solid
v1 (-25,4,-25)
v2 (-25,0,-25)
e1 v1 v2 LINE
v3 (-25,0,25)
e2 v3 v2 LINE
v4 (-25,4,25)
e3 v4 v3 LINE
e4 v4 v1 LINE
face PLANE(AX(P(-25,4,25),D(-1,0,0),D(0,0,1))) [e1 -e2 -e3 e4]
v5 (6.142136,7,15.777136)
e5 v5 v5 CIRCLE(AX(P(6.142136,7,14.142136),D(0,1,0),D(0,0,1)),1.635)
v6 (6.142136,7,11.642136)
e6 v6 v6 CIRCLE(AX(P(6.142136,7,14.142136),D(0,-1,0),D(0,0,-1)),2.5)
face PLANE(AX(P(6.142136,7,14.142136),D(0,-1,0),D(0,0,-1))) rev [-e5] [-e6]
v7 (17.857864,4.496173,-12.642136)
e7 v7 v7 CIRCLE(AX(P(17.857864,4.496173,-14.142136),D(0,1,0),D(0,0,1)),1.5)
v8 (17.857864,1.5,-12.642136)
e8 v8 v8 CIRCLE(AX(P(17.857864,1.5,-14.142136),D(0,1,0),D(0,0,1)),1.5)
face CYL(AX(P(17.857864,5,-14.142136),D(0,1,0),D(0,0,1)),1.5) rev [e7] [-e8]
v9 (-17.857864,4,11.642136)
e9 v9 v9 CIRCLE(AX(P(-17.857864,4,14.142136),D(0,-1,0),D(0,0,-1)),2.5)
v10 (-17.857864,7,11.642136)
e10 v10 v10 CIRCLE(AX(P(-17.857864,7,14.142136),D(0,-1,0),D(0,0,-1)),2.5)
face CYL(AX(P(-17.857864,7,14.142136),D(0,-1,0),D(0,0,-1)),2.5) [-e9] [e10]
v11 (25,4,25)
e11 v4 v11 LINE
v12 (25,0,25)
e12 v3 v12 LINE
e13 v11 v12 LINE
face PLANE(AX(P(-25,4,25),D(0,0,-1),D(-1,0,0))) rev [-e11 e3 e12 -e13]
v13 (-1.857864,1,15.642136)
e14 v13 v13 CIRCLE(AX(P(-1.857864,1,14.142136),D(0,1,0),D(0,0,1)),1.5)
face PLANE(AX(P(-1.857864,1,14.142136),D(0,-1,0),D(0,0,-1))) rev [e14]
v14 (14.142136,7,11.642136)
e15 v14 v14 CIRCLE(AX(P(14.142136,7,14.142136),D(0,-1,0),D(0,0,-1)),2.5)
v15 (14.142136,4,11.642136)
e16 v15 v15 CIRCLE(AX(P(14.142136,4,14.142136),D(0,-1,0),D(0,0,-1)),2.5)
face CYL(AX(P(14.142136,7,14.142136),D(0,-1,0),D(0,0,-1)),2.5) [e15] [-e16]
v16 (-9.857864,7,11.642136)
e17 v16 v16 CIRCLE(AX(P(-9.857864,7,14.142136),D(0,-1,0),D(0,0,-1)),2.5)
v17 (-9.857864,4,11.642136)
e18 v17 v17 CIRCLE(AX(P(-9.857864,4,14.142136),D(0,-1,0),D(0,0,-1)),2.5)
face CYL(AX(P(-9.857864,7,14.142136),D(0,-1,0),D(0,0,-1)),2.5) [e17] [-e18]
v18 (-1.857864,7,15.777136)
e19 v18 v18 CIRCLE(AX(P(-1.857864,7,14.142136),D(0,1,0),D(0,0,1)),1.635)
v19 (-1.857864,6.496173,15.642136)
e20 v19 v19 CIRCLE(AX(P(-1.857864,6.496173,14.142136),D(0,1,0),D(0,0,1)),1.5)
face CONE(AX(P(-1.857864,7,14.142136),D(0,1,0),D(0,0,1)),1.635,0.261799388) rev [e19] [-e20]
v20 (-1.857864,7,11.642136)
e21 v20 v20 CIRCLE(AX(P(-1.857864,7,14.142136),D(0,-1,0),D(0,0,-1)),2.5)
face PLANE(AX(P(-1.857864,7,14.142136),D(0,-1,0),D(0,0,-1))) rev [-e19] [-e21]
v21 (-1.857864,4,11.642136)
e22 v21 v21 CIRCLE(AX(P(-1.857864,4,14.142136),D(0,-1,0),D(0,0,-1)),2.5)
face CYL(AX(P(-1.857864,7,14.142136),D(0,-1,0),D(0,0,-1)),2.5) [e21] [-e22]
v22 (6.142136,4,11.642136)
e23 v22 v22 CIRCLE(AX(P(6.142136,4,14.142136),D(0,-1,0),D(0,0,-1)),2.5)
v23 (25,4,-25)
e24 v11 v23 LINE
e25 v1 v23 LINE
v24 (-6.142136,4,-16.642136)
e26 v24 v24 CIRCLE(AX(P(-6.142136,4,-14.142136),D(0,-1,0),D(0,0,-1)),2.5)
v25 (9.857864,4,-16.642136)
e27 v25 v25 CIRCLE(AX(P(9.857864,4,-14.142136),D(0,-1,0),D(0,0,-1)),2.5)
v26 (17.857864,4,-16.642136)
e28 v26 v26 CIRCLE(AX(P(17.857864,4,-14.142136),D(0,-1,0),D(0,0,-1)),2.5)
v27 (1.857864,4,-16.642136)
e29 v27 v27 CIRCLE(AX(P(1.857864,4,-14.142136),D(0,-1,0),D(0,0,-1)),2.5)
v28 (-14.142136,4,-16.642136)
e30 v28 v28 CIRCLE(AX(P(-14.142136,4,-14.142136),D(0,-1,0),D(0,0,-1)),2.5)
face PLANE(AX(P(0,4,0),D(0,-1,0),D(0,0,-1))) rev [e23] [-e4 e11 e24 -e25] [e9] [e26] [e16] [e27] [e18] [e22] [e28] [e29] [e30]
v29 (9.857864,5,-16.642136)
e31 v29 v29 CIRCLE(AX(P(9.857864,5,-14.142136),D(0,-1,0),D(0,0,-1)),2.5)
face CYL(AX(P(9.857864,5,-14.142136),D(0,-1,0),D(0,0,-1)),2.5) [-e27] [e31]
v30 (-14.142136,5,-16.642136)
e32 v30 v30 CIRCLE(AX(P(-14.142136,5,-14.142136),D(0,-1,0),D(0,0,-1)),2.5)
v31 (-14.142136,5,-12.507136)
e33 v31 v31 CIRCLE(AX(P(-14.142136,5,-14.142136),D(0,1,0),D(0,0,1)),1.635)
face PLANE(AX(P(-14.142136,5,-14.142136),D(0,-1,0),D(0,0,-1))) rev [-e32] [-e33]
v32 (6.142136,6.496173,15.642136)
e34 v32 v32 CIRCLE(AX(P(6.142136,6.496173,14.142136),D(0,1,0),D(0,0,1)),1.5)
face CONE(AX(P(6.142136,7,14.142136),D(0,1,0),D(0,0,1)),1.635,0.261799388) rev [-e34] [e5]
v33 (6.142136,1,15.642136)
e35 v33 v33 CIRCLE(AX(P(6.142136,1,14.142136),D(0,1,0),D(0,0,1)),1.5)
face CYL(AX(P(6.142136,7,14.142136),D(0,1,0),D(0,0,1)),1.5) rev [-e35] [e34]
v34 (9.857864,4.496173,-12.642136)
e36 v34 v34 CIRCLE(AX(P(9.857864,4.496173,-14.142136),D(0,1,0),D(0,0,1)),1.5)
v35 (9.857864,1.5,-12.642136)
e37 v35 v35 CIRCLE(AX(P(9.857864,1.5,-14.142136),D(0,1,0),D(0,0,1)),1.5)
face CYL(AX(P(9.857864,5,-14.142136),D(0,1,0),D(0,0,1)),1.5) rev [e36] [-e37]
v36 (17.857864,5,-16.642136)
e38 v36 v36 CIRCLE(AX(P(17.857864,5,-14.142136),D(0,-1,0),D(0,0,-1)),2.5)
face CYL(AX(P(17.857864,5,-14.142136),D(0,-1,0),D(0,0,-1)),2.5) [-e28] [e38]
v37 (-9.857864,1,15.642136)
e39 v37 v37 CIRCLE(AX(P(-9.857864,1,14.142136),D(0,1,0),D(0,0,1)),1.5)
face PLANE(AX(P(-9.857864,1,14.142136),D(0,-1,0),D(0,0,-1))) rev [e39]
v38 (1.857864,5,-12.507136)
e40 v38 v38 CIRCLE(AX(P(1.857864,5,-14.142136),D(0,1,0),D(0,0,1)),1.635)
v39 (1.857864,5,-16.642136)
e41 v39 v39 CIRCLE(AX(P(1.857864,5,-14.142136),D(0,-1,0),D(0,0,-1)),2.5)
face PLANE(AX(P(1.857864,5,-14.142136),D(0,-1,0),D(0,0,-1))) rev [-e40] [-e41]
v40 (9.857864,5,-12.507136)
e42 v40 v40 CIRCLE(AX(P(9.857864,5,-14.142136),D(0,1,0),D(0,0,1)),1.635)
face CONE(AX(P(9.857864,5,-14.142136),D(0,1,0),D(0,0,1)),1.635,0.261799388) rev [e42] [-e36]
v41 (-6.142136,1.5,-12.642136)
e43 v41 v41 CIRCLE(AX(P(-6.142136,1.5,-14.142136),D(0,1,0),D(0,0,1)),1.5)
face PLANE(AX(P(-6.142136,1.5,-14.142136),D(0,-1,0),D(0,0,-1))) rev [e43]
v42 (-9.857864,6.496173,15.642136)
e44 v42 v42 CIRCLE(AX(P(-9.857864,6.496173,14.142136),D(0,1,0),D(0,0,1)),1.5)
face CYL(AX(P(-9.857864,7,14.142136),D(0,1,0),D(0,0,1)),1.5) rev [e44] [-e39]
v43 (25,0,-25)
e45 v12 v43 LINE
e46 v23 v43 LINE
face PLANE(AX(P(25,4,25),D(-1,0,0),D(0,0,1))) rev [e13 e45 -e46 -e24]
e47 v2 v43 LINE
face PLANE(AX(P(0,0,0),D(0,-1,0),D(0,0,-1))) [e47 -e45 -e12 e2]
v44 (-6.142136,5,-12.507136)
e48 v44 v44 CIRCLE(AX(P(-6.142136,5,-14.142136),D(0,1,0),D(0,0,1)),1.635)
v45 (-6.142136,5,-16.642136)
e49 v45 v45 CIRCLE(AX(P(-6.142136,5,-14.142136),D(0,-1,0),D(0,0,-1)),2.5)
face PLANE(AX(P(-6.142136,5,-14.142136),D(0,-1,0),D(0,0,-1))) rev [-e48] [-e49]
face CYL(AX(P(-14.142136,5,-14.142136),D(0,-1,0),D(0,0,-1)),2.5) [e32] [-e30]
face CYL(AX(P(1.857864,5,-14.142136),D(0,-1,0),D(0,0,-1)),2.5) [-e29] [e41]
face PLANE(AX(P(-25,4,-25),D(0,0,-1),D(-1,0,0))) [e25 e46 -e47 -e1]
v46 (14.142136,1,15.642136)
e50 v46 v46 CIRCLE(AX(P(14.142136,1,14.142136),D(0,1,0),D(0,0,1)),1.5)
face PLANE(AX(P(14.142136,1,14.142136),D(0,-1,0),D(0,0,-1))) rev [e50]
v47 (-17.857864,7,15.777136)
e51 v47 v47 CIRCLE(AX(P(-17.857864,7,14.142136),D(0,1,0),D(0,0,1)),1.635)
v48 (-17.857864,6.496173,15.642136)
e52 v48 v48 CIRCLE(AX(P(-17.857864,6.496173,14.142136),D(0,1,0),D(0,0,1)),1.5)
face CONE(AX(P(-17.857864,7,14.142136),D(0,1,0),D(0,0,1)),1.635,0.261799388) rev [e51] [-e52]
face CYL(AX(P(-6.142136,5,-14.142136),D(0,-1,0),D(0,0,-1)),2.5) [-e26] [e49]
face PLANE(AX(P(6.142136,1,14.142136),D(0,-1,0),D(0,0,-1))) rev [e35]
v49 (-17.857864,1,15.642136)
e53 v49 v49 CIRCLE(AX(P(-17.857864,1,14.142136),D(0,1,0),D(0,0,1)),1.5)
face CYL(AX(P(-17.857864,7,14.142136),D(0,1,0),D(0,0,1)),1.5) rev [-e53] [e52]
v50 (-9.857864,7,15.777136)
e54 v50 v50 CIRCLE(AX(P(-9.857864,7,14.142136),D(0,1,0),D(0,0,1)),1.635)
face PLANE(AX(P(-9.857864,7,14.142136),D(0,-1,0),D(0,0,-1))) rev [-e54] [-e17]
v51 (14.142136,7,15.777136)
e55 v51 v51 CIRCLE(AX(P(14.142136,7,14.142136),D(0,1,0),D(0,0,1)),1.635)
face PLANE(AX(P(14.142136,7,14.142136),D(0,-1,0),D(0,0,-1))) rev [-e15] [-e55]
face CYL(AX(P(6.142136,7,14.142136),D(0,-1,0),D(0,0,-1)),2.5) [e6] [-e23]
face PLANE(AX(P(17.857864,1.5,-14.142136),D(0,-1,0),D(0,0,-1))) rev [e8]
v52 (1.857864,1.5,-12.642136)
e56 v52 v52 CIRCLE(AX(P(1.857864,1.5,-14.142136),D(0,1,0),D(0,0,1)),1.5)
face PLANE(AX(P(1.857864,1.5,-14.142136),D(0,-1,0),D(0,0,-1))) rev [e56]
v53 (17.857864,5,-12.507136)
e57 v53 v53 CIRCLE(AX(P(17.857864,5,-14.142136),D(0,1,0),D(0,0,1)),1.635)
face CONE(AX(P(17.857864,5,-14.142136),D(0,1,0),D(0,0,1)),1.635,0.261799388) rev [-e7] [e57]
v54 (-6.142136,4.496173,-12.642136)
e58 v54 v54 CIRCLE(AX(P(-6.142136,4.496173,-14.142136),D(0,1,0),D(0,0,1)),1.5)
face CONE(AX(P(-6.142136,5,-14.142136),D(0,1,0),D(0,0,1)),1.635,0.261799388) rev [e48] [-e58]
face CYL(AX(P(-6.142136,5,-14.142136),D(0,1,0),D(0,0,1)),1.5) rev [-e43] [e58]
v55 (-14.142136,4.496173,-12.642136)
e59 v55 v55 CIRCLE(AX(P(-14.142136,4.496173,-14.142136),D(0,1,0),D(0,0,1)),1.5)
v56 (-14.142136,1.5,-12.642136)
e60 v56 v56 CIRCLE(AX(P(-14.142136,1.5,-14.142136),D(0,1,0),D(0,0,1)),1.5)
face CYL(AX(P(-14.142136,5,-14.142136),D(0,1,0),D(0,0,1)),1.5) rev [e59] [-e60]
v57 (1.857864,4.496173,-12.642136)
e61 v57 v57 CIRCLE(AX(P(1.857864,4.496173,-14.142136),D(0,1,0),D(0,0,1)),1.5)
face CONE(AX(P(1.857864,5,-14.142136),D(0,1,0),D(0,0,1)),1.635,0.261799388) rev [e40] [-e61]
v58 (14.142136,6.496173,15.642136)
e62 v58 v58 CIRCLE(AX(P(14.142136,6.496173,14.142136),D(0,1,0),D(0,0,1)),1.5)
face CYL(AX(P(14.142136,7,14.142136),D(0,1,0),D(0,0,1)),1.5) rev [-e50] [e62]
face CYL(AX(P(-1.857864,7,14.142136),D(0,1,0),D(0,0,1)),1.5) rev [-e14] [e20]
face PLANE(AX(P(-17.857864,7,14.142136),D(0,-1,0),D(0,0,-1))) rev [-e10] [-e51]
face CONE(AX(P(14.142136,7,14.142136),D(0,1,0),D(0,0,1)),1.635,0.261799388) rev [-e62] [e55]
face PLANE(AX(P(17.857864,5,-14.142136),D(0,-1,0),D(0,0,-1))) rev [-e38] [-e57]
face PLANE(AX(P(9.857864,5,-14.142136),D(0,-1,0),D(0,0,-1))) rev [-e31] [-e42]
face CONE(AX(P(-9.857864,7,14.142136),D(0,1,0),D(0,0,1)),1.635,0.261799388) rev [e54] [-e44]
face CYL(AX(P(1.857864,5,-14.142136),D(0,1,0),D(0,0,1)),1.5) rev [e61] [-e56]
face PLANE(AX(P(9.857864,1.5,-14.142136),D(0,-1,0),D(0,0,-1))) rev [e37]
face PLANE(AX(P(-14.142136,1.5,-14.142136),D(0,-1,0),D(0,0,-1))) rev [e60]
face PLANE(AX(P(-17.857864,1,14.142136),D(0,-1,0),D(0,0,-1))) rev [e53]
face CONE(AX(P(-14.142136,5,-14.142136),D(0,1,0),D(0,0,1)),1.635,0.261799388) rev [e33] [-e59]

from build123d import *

# Parameters (mm, degrees)
SKETCH1_W                                      = 50
SKETCH1_H                                      = 50
BOSS_EXTRUDE2_DEPTH                            = 4
BOSS_EXTRUDE3_START                            = 4
SKETCH1_4_R                                    = 2.5
BOSS_EXTRUDE3_DEPTH                            = 1
BOSS_EXTRUDE4_START                            = 4
SKETCH1_5_R                                    = 2.5
BOSS_EXTRUDE4_DEPTH                            = 3
CSK_FOR_M2_FLAT_HEAD_MACHINE_SCREW1_AT_2_COUNT = 2
CSK_FOR_M2_FLAT_HEAD_MACHINE_SCREW1_AT_2_PITCH = 8
CSK_FOR_M2_FLAT_HEAD_MACHINE_SCREW1_AT_3_COUNT = 2
CSK_FOR_M2_FLAT_HEAD_MACHINE_SCREW1_AT_3_PITCH = 16
CSK_FOR_M2_FLAT_HEAD_MACHINE_SCREW1_AT_4_COUNT = 2
CSK_FOR_M2_FLAT_HEAD_MACHINE_SCREW1_AT_4_PITCH = 24
CSK_FOR_M2_FLAT_HEAD_MACHINE_SCREW1_AT_5_COUNT = 2
CSK_FOR_M2_FLAT_HEAD_MACHINE_SCREW1_AT_5_PITCH = 32
CSK_FOR_M2_FLAT_HEAD_MACHINE_SCREW2_AT_2_COUNT = 2
CSK_FOR_M2_FLAT_HEAD_MACHINE_SCREW2_AT_2_PITCH = 32
CSK_FOR_M2_FLAT_HEAD_MACHINE_SCREW2_AT_3_COUNT = 2
CSK_FOR_M2_FLAT_HEAD_MACHINE_SCREW2_AT_3_PITCH = 24
CSK_FOR_M2_FLAT_HEAD_MACHINE_SCREW2_AT_4_COUNT = 2
CSK_FOR_M2_FLAT_HEAD_MACHINE_SCREW2_AT_4_PITCH = 16
CSK_FOR_M2_FLAT_HEAD_MACHINE_SCREW2_AT_5_COUNT = 2
CSK_FOR_M2_FLAT_HEAD_MACHINE_SCREW2_AT_5_PITCH = 8


with BuildPart() as part:
    # Sketch1 → Boss-Extrude2 (new body)
    with BuildSketch(Plane(origin=(0, 0, 0), x_dir=(1, 0, 0), z_dir=(0, 1, 0))):
        Rectangle(SKETCH1_W, SKETCH1_H)
    extrude(amount=BOSS_EXTRUDE2_DEPTH)

    # Sketch1<4> → Boss-Extrude3 (add)
    with BuildSketch(Plane(origin=(0, 0, 0), x_dir=(1, 0, 0), z_dir=(0, 1, 0)).offset(BOSS_EXTRUDE3_START)):
        with Locations(Location((-14.142135624, 14.142135624, 0), (0, 0, 90))):
            Circle(SKETCH1_4_R)
        with Locations(Location((-6.142135624, 14.142135624, 0), (0, 0, 90))):
            Circle(SKETCH1_4_R)
        with Locations(Location((9.857864376, 14.142135624, 0), (0, 0, 90))):
            Circle(SKETCH1_4_R)
        with Locations(Location((17.857864376, 14.142135624, 0), (0, 0, 90))):
            Circle(SKETCH1_4_R)
        with Locations(Location((1.857864376, 14.142135624, 0), (0, 0, 90))):
            Circle(SKETCH1_4_R)
    extrude(amount=BOSS_EXTRUDE3_DEPTH)

    # Sketch1<5> → Boss-Extrude4 (add)
    with BuildSketch(Plane(origin=(0, 0, 0), x_dir=(1, 0, 0), z_dir=(0, 1, 0)).offset(BOSS_EXTRUDE4_START)):
        with Locations(Location((14.142135624, -14.142135624, 0), (0, 0, 90))):
            Circle(SKETCH1_5_R)
        with Locations(Location((6.142135624, -14.142135624, 0), (0, 0, 90))):
            Circle(SKETCH1_5_R)
        with Locations(Location((-1.857864376, -14.142135624, 0), (0, 0, 90))):
            Circle(SKETCH1_5_R)
        with Locations(Location((-9.857864376, -14.142135624, 0), (0, 0, 90))):
            Circle(SKETCH1_5_R)
        with Locations(Location((-17.857864376, -14.142135624, 0), (0, 0, 90))):
            Circle(SKETCH1_5_R)
    extrude(amount=BOSS_EXTRUDE4_DEPTH)

    # Sketch3 → CSK for M2 Flat Head Machine Screw1 (revolve, cut)
    with BuildSketch(Plane(origin=(-14.142135624, 5, -14.142135624), x_dir=(0, 0, 1), z_dir=(1, 0, 0))):
        Polygon((0, 0), (0, 3.5), (1.5, 3.5), (1.5, 0.503826859), (1.635, 0), align=None)
    csk_for_m2_flat_head_machine_screw1 = revolve(axis=Axis((-14.142135624, 11.35, -14.142135624), (0, -1, 0)), mode=Mode.SUBTRACT)

    # CSK for M2 Flat Head Machine Screw1 at 2: CSK for M2 Flat Head Machine Screw1 ×2
    with Locations(*[(i * CSK_FOR_M2_FLAT_HEAD_MACHINE_SCREW1_AT_2_PITCH, 0, 0) for i in range(1, CSK_FOR_M2_FLAT_HEAD_MACHINE_SCREW1_AT_2_COUNT)]):
        add(csk_for_m2_flat_head_machine_screw1, mode=Mode.SUBTRACT)

    # CSK for M2 Flat Head Machine Screw1 at 3: CSK for M2 Flat Head Machine Screw1 ×2
    with Locations(*[(i * CSK_FOR_M2_FLAT_HEAD_MACHINE_SCREW1_AT_3_PITCH, 0, 0) for i in range(1, CSK_FOR_M2_FLAT_HEAD_MACHINE_SCREW1_AT_3_COUNT)]):
        add(csk_for_m2_flat_head_machine_screw1, mode=Mode.SUBTRACT)

    # CSK for M2 Flat Head Machine Screw1 at 4: CSK for M2 Flat Head Machine Screw1 ×2
    with Locations(*[(i * CSK_FOR_M2_FLAT_HEAD_MACHINE_SCREW1_AT_4_PITCH, 0, 0) for i in range(1, CSK_FOR_M2_FLAT_HEAD_MACHINE_SCREW1_AT_4_COUNT)]):
        add(csk_for_m2_flat_head_machine_screw1, mode=Mode.SUBTRACT)

    # CSK for M2 Flat Head Machine Screw1 at 5: CSK for M2 Flat Head Machine Screw1 ×2
    with Locations(*[(i * CSK_FOR_M2_FLAT_HEAD_MACHINE_SCREW1_AT_5_PITCH, 0, 0) for i in range(1, CSK_FOR_M2_FLAT_HEAD_MACHINE_SCREW1_AT_5_COUNT)]):
        add(csk_for_m2_flat_head_machine_screw1, mode=Mode.SUBTRACT)

    # Sketch5 → CSK for M2 Flat Head Machine Screw2 (revolve, cut)
    with BuildSketch(Plane(origin=(14.142135624, 7, 14.142135624), x_dir=(0, 0, 1), z_dir=(1, 0, 0))):
        Polygon((0, 0), (0, 6), (1.5, 6), (1.5, 0.503826859), (1.635, 0), align=None)
    csk_for_m2_flat_head_machine_screw2 = revolve(axis=Axis((14.142135624, 13.35, 14.142135624), (0, -1, 0)), mode=Mode.SUBTRACT)

    # CSK for M2 Flat Head Machine Screw2 at 2: CSK for M2 Flat Head Machine Screw2 ×2
    with Locations(*[(-i * CSK_FOR_M2_FLAT_HEAD_MACHINE_SCREW2_AT_2_PITCH, 0, 0) for i in range(1, CSK_FOR_M2_FLAT_HEAD_MACHINE_SCREW2_AT_2_COUNT)]):
        add(csk_for_m2_flat_head_machine_screw2, mode=Mode.SUBTRACT)

    # CSK for M2 Flat Head Machine Screw2 at 3: CSK for M2 Flat Head Machine Screw2 ×2
    with Locations(*[(-i * CSK_FOR_M2_FLAT_HEAD_MACHINE_SCREW2_AT_3_PITCH, 0, 0) for i in range(1, CSK_FOR_M2_FLAT_HEAD_MACHINE_SCREW2_AT_3_COUNT)]):
        add(csk_for_m2_flat_head_machine_screw2, mode=Mode.SUBTRACT)

    # CSK for M2 Flat Head Machine Screw2 at 4: CSK for M2 Flat Head Machine Screw2 ×2
    with Locations(*[(-i * CSK_FOR_M2_FLAT_HEAD_MACHINE_SCREW2_AT_4_PITCH, 0, 0) for i in range(1, CSK_FOR_M2_FLAT_HEAD_MACHINE_SCREW2_AT_4_COUNT)]):
        add(csk_for_m2_flat_head_machine_screw2, mode=Mode.SUBTRACT)

    # CSK for M2 Flat Head Machine Screw2 at 5: CSK for M2 Flat Head Machine Screw2 ×2
    with Locations(*[(-i * CSK_FOR_M2_FLAT_HEAD_MACHINE_SCREW2_AT_5_PITCH, 0, 0) for i in range(1, CSK_FOR_M2_FLAT_HEAD_MACHINE_SCREW2_AT_5_COUNT)]):
        add(csk_for_m2_flat_head_machine_screw2, mode=Mode.SUBTRACT)


solid = part.part
